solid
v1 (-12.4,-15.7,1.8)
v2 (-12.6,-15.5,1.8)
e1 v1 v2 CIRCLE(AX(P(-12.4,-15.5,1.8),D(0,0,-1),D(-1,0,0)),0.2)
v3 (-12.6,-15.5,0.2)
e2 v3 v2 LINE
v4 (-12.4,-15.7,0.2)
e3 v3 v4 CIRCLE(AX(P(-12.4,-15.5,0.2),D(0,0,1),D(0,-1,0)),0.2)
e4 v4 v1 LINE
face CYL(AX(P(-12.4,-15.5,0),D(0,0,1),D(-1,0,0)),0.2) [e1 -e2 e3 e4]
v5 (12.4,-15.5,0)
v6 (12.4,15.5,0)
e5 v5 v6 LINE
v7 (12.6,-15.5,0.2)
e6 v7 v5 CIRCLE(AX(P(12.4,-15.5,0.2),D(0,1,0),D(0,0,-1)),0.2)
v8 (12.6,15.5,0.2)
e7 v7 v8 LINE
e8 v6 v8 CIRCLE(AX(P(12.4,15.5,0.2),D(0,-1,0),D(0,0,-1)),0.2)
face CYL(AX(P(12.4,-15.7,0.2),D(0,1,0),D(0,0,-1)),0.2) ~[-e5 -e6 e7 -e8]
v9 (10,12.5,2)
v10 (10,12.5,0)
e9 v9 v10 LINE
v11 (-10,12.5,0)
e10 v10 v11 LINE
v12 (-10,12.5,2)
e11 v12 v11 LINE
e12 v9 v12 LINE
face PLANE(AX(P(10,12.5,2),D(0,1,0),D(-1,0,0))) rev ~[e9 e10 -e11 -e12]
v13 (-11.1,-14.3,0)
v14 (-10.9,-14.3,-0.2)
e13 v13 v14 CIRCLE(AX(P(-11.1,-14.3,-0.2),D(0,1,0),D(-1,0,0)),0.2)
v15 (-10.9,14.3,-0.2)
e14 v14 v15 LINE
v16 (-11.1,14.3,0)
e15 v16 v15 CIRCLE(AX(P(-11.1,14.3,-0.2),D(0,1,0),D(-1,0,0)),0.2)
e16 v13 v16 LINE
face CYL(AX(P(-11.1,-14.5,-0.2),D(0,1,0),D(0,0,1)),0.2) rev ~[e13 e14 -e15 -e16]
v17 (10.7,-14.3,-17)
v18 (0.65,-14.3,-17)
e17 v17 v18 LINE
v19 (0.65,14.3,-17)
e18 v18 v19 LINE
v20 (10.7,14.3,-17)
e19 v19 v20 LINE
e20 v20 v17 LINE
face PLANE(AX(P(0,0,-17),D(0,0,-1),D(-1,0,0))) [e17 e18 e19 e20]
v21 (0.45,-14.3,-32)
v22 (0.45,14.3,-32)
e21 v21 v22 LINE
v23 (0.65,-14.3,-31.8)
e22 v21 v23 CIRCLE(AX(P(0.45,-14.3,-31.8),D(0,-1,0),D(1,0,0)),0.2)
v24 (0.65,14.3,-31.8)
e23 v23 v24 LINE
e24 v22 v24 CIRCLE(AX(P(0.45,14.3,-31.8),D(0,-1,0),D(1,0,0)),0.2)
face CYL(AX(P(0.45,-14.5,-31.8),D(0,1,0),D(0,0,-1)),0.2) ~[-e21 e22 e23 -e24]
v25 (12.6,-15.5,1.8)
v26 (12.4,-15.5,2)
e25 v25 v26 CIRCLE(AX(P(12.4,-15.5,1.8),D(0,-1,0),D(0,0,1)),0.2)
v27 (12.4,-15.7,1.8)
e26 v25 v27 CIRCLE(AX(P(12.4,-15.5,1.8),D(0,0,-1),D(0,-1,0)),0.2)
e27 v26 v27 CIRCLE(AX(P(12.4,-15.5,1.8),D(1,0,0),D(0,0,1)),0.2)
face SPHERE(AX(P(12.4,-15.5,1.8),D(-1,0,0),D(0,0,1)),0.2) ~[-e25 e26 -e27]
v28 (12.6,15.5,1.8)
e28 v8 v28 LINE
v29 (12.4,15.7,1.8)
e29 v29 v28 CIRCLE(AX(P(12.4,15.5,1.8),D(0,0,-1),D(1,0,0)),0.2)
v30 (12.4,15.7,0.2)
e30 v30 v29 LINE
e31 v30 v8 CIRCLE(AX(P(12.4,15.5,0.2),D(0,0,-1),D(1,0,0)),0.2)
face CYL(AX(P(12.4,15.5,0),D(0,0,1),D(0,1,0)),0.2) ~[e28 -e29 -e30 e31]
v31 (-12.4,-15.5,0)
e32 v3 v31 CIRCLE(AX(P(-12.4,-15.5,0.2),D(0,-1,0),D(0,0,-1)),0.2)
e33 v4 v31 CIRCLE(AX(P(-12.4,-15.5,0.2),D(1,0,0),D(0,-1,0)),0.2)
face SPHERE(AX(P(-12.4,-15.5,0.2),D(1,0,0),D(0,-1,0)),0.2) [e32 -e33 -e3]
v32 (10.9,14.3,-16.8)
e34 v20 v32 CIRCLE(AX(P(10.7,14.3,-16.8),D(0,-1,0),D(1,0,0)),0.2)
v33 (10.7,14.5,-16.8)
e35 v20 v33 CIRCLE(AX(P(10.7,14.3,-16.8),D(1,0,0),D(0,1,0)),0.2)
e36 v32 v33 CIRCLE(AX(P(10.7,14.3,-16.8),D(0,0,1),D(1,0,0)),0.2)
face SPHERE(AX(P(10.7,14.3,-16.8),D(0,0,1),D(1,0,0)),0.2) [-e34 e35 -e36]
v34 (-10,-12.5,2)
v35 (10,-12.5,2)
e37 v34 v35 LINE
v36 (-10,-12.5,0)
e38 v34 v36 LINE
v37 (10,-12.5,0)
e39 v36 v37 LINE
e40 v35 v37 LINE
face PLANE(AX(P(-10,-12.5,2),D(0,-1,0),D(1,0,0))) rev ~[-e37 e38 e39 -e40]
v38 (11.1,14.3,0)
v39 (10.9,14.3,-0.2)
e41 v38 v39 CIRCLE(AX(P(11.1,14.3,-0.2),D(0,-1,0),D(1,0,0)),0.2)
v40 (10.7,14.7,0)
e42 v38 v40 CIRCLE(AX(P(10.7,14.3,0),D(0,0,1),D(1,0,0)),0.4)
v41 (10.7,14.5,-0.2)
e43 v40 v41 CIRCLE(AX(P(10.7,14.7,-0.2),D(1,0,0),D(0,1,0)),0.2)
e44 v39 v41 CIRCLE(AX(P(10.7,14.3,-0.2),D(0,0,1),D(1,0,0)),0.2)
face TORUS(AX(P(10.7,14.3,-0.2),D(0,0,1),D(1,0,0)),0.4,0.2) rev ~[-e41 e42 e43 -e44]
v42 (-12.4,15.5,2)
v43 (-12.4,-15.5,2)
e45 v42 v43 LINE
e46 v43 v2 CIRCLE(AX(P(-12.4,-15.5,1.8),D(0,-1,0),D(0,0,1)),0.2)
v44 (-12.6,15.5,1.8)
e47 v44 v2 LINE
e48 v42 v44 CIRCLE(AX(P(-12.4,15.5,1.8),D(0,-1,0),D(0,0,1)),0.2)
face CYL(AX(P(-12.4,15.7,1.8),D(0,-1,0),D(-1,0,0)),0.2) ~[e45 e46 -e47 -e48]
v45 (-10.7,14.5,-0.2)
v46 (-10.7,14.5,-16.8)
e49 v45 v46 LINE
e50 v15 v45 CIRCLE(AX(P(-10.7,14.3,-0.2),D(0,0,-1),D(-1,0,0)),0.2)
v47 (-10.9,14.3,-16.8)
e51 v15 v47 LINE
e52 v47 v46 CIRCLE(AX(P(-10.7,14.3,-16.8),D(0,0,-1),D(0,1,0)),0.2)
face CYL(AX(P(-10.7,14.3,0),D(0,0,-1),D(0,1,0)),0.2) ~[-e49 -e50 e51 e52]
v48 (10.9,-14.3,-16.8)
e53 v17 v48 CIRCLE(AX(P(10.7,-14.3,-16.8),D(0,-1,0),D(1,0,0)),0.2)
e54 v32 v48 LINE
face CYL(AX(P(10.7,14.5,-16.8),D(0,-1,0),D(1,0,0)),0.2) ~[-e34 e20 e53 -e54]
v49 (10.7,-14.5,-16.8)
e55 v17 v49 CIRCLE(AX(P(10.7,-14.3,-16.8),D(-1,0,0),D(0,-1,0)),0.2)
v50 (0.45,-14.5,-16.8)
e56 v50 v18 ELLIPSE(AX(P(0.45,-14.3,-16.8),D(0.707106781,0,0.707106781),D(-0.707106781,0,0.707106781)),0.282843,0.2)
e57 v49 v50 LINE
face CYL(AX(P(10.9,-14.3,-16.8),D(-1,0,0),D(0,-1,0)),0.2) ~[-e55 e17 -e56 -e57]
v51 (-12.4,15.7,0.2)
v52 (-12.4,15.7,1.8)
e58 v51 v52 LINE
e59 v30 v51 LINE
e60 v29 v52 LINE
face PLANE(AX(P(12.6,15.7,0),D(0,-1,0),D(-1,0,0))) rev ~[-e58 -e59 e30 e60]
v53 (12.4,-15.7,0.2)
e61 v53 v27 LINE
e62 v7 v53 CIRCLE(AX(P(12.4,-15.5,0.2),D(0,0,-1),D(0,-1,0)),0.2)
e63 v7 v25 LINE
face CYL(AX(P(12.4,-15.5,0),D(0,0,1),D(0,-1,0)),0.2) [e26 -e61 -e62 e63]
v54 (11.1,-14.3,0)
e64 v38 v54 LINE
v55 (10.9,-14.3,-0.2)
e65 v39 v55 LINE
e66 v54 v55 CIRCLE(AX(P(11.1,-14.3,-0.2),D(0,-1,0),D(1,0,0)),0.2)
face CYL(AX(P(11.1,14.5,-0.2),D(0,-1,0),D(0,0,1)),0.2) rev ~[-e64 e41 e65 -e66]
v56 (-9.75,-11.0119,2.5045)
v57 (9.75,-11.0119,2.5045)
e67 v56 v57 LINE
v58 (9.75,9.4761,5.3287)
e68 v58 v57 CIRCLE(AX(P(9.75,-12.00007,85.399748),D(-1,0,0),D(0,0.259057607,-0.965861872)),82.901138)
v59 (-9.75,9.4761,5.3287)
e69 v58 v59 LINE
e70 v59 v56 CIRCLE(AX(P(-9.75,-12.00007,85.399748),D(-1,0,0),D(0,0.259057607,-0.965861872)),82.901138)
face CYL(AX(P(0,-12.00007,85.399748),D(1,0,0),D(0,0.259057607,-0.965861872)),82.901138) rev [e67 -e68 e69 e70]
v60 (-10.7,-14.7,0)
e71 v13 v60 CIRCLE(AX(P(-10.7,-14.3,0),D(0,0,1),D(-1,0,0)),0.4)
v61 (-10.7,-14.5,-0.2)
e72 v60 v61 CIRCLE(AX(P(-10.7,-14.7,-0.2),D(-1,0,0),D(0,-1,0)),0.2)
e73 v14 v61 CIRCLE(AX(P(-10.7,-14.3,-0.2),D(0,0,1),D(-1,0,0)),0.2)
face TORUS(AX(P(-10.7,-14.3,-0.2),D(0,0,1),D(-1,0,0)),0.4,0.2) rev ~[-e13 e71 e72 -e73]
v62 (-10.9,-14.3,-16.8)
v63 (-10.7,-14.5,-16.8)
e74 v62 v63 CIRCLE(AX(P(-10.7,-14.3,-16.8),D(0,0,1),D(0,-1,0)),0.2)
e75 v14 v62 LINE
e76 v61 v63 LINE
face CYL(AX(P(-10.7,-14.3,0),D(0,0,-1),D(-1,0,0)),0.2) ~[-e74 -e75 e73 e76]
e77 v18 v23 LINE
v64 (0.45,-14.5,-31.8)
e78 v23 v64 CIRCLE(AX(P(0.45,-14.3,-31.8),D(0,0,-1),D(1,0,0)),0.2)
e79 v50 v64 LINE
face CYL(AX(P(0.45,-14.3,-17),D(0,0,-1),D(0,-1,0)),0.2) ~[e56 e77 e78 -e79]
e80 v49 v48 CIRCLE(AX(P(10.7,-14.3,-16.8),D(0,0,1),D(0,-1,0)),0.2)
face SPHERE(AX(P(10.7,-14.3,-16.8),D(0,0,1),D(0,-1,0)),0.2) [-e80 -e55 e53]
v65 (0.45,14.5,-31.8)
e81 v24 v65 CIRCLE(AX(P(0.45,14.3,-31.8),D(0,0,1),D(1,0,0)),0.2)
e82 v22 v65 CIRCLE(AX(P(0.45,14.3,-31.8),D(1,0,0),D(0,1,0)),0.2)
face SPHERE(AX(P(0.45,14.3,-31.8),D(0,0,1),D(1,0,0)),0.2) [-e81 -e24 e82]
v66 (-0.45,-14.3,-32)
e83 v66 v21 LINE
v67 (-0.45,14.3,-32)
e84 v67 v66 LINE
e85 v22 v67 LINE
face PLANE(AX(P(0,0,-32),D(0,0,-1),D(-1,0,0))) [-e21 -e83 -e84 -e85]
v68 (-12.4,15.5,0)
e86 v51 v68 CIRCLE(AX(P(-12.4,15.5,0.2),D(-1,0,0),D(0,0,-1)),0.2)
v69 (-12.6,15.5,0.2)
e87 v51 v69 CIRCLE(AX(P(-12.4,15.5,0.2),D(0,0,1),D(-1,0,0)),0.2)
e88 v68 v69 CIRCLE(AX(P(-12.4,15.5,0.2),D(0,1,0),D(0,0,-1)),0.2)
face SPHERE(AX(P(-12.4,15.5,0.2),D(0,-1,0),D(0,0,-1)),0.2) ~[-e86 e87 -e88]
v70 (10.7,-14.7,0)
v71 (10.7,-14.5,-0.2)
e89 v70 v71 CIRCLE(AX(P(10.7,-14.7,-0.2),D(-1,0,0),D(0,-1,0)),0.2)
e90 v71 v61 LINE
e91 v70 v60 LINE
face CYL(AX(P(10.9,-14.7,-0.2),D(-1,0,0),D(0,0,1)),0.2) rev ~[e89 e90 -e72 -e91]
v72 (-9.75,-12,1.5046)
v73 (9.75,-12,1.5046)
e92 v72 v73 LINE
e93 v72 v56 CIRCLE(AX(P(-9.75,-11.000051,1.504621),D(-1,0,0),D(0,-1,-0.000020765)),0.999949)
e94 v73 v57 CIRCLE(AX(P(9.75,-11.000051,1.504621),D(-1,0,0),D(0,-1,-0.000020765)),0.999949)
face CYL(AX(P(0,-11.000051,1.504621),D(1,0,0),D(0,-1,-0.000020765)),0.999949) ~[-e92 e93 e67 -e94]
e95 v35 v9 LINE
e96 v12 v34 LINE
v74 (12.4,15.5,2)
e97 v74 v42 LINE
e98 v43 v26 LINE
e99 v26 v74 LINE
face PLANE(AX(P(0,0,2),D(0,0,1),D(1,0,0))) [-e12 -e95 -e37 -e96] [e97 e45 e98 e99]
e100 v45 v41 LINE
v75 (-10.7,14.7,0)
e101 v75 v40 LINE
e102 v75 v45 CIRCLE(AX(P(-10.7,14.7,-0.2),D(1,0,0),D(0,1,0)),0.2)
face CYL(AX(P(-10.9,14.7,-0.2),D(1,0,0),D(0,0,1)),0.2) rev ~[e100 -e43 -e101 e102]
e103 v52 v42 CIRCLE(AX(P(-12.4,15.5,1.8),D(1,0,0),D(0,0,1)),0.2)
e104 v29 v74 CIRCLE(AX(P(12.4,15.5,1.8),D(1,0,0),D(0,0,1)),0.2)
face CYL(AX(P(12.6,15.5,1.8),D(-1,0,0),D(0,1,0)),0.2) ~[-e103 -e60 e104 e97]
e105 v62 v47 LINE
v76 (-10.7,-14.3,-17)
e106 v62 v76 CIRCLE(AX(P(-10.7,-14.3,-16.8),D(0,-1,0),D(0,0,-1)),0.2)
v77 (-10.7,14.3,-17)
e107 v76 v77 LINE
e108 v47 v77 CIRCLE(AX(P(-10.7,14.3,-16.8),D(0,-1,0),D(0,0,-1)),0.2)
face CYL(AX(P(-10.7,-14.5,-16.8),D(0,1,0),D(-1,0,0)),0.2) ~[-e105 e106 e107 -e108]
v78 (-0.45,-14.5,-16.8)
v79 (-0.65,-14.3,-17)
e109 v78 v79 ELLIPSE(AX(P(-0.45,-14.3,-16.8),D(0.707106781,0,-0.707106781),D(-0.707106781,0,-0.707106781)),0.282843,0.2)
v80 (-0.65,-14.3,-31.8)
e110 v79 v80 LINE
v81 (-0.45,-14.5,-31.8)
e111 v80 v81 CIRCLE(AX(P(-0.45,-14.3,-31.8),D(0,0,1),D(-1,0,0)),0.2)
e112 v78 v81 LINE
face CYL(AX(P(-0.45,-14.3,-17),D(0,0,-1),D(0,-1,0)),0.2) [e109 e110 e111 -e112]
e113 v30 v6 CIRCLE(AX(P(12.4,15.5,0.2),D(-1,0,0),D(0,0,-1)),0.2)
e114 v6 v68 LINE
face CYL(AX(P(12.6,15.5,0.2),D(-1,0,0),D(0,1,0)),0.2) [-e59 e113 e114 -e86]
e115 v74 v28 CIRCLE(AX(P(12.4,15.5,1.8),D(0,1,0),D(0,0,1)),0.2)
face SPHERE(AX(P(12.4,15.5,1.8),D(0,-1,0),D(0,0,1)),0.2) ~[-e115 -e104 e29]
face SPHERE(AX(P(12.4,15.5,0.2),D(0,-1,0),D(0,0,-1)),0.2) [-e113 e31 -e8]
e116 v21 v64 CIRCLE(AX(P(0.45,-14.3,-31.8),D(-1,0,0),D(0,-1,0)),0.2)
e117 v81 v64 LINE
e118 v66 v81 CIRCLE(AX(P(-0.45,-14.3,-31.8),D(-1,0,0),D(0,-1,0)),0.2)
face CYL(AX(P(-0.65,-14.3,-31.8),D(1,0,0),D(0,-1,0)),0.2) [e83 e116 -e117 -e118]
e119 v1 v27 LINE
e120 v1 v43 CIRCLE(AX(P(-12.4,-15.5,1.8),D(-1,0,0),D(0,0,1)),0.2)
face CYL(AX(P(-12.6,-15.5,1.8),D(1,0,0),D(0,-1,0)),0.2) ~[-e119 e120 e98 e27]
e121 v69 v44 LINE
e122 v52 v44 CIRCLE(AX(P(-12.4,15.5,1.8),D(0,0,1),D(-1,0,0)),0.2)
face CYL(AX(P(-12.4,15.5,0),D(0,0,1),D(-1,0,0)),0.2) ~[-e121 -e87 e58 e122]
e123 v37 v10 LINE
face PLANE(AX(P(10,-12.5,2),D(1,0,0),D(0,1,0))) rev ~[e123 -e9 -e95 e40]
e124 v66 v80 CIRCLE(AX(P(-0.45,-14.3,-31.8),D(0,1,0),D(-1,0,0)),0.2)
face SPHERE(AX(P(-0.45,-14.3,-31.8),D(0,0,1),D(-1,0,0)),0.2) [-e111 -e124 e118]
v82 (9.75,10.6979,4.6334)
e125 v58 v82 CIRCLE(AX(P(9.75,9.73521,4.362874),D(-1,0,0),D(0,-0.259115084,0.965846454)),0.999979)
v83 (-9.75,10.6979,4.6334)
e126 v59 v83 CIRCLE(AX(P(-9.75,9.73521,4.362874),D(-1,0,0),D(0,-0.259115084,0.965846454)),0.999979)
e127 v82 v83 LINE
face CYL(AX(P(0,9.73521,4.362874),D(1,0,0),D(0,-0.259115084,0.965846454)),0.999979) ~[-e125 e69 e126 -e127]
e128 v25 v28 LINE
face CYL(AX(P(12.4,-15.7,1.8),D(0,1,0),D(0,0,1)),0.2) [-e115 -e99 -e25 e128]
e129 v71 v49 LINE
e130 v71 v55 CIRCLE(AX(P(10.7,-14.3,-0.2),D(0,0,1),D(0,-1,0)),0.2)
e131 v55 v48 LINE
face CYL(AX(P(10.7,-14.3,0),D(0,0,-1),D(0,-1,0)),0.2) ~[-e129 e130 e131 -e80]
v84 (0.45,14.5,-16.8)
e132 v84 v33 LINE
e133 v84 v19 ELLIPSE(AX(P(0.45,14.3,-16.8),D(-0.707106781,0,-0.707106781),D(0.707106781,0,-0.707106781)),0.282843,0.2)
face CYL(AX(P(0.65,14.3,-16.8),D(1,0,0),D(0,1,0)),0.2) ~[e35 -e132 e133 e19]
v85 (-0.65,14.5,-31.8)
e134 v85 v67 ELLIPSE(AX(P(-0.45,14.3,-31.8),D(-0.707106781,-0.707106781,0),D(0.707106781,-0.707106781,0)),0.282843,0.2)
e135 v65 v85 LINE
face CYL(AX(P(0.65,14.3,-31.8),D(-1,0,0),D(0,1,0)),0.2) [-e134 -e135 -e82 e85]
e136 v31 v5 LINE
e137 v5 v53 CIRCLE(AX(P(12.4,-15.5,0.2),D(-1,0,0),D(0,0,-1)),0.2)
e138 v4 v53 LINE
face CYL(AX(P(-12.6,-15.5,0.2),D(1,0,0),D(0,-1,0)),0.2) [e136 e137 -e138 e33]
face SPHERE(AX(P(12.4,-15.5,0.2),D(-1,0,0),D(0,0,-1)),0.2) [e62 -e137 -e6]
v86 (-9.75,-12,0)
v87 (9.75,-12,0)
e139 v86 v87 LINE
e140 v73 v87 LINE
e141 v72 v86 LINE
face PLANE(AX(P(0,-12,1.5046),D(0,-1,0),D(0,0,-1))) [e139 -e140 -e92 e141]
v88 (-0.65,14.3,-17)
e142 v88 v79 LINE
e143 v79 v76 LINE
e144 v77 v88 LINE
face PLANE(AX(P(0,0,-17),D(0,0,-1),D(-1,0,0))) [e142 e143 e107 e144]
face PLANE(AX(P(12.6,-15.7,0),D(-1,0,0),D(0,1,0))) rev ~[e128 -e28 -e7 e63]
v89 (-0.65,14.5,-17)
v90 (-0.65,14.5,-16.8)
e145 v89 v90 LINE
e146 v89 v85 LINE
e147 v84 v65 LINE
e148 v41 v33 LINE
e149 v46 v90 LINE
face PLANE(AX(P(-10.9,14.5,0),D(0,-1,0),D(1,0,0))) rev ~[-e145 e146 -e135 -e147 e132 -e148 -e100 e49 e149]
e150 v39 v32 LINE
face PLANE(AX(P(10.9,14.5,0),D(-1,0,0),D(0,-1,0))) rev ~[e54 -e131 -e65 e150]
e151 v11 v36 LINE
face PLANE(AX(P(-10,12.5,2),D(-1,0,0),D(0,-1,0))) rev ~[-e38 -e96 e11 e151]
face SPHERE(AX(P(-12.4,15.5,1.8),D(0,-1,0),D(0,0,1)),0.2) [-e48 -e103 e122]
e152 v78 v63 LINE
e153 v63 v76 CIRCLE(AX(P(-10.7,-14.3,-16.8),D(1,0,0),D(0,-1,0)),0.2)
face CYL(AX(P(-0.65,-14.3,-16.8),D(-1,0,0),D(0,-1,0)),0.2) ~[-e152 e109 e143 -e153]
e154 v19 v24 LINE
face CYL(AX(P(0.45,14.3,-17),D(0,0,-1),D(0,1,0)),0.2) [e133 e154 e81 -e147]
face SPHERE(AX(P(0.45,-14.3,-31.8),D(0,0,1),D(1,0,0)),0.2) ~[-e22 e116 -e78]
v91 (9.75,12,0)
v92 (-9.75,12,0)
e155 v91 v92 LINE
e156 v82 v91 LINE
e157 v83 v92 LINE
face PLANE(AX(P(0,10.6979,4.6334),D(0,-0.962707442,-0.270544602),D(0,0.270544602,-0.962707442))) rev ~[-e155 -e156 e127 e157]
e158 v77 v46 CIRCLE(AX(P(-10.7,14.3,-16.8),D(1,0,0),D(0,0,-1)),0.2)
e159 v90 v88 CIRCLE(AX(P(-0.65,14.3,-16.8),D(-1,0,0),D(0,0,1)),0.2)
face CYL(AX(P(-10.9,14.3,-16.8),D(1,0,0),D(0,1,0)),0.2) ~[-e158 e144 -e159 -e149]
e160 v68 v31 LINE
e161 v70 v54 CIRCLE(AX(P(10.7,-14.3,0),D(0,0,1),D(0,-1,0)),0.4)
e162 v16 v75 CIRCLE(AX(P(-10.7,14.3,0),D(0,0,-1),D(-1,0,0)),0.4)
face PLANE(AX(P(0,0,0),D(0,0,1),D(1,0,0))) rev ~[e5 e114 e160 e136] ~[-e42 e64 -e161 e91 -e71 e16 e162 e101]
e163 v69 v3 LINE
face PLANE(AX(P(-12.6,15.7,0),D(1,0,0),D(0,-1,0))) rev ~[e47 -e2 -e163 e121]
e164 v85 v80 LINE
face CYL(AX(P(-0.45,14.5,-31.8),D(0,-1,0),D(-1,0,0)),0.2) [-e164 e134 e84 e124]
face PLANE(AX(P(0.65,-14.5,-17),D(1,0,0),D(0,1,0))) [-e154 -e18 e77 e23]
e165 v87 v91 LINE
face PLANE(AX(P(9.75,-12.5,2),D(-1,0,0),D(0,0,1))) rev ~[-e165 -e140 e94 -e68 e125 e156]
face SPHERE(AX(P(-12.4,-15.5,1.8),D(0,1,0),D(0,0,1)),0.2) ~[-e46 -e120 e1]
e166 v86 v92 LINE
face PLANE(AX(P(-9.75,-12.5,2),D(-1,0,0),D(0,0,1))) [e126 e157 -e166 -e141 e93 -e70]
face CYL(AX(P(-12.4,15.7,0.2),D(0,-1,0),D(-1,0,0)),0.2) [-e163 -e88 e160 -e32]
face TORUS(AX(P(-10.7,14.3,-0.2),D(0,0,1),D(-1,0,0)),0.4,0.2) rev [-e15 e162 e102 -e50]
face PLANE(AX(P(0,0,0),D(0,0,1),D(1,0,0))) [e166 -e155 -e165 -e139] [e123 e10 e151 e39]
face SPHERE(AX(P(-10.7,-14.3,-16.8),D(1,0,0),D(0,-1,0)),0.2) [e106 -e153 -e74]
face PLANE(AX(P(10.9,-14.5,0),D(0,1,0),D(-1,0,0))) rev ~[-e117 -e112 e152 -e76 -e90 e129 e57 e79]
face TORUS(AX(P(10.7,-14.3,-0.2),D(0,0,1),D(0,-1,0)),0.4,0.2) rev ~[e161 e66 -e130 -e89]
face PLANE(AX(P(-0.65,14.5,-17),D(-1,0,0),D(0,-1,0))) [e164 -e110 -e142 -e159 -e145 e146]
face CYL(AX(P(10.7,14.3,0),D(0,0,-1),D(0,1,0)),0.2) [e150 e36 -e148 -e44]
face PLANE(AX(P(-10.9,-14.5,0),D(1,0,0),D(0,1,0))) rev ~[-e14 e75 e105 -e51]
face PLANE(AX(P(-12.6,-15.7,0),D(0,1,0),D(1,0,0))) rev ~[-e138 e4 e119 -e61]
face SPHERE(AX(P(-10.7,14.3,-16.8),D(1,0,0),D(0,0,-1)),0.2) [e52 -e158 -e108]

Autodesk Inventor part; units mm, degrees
ref_plane "YZ Plane" through (0, 0, 0) normal (1, 0, 0) x (0, 1, 0)
ref_plane "XZ Plane" through (0, 0, 0) normal (0, 1, 0) x (-1, 0, 0)
sketch "Sketch1" plane through (0, 0, 0) normal (0, 0, 1) x (1, 0, 0)
  point P0 (0, 0)
sketch "Sketch2" plane through (0, 0, 0) normal (0, 0, 1) x (1, 0, 0)
  line L0 (-12.6, -15.7) -> (12.6, -15.7)
  line L1 (12.6, -15.7) -> (12.6, 15.7)
  line L2 (12.6, 15.7) -> (-12.6, 15.7)
  line L3 (-12.6, 15.7) -> (-12.6, -15.7)
  line L4 (-12.6, -15.7) -> (12.6, 15.7) construction
  line L5 (12.6, -15.7) -> (-12.6, 15.7) construction
  point P0 (0, 0)
  dimension "d0" = 25.2
  dimension "d1" = 31.4
extrude "Extrusion1" add sketch "Sketch2" along normal blind 2
sketch "Sketch3" plane through (0, 0, 0) normal (0, 0, -1) x (-1, 0, 0)
  line L0 (-10.9, -14.5) -> (10.9, -14.5)
  line L1 (10.9, -14.5) -> (10.9, 14.5)
  line L2 (10.9, 14.5) -> (-10.9, 14.5)
  line L3 (-10.9, 14.5) -> (-10.9, -14.5)
  line L4 (-10.9, -14.5) -> (10.9, 14.5) construction
  line L5 (10.9, -14.5) -> (-10.9, 14.5) construction
  point P0 (0, 0)
  dimension "d4" = 21.8
  dimension "d5" = 29
extrude "Extrusion2" add sketch "Sketch3" along normal blind 17
sketch "Sketch4" plane through (0, 0, -17) normal (0, 0, -1) x (-1, 0, 0)
  line L0 (-0.65, 14.5) -> (0.65, 14.5)
  line L1 (0.65, 14.5) -> (0.65, -14.5)
  line L2 (0.65, -14.5) -> (-0.65, -14.5)
  line L3 (-0.65, -14.5) -> (-0.65, 14.5)
  line L4 (-0.65, 14.5) -> (0.65, -14.5) construction
  line L5 (0.65, 14.5) -> (-0.65, -14.5) construction
  line L6 (-10.9, -14.5) -> (10.9, -14.5) projected
  point P0 (0, 0)
  point P1 (0, -14.5)
  dimension "d8" = 1.3
extrude "Extrusion3" add sketch "Sketch4" along normal blind 15
sketch "Sketch5" plane through (0, 0, 2) normal (0, 0, 1) x (1, 0, 0)
  line L0 (-10, -12.5) -> (10, -12.5)
  line L1 (10, -12.5) -> (10, 12.5)
  line L2 (10, 12.5) -> (-10, 12.5)
  line L3 (-10, 12.5) -> (-10, -12.5)
  line L4 (-10, -12.5) -> (10, 12.5) construction
  line L5 (10, -12.5) -> (-10, 12.5) construction
  point P0 (0, 0)
  dimension "d11" = 20
  dimension "d12" = 25
extrude "Extrusion4" cut sketch "Sketch5" against normal blind 2
ref_plane "Work Plane1" through (0, -12.5, 2) normal (-1, 0, 0) x (0, 0, 1)
sketch "Sketch6" plane through (0, -12.5, 2) normal (-1, 0, 0) x (0, 0, 1)
  arc A0 (3.3287, 21.9761) -> (0.5045, 1.4881) centre (83.3994, 0.5) ccw
  line L0 (2.6334, 23.1979) -> (-2, 24.5)
  line L1 (-0.4954, 0.5) -> (-2, 0.5)
  line L2 (-2, 0) -> (-2, 25) projected
  arc A1 (3.3287, 21.9761) -> (2.6334, 23.1979) centre (2.3628, 22.2352) ccw
  arc A2 (-0.4954, 0.5) -> (0.5045, 1.4881) centre (-0.4954, 1.5) ccw
  line L3 (-2, 0.5) -> (-2, 24.5)
  point P0 (-2, 12.5)
  point P1 (3.5903, 22.9289)
  point P2 (0.4986, 0.5)
  dimension "d15" = 0.5
  dimension "d16" = 0.5
  dimension "d17" = 2.4986
  dimension "d18" = 5.5903
  dimension "d19" = 1
extrude "Extrusion5" add sketch "Sketch6" along normal mid plane 19.5
fillet "Fillet1" radius 0.2 33 edges at (-12.6, 0, 2) (0, -15.7, 2) (0, -15.7, 0) (-12.6, -15.7, 1) (-12.6, 0, 0) (12.6, 0, 2) (12.6, 0, 0) (0, 15.7, 2) (0, 15.7, 0) (-12.6, 15.7, 1) (12.6, -15.7, 1) (12.6, 15.7, 1) (10.9, -14.5, -8.5) (10.9, 14.5, -8.5) (0.65, 14.5, -24.5) (5.775, -14.5, -17) (0.65, -14.5, -24.5) (-0.65, -14.5, -24.5) (-5.775, -14.5, -17) (-10.9, -14.5, -8.5) (10.9, 0, -17) (5.775, 14.5, -17) (-5.775, 14.5, -17) (-0.65, 0, -32) (0.65, 0, -32) (0, 14.5, -32) (0, -14.5, -32) (-10.9, 0, -17) (-10.9, 14.5, -8.5) (-10.9, 0, 0) (0, -14.5, 0) (10.9, 0, 0) (0, 14.5, 0)
properties part number "On_Off_Switch"
